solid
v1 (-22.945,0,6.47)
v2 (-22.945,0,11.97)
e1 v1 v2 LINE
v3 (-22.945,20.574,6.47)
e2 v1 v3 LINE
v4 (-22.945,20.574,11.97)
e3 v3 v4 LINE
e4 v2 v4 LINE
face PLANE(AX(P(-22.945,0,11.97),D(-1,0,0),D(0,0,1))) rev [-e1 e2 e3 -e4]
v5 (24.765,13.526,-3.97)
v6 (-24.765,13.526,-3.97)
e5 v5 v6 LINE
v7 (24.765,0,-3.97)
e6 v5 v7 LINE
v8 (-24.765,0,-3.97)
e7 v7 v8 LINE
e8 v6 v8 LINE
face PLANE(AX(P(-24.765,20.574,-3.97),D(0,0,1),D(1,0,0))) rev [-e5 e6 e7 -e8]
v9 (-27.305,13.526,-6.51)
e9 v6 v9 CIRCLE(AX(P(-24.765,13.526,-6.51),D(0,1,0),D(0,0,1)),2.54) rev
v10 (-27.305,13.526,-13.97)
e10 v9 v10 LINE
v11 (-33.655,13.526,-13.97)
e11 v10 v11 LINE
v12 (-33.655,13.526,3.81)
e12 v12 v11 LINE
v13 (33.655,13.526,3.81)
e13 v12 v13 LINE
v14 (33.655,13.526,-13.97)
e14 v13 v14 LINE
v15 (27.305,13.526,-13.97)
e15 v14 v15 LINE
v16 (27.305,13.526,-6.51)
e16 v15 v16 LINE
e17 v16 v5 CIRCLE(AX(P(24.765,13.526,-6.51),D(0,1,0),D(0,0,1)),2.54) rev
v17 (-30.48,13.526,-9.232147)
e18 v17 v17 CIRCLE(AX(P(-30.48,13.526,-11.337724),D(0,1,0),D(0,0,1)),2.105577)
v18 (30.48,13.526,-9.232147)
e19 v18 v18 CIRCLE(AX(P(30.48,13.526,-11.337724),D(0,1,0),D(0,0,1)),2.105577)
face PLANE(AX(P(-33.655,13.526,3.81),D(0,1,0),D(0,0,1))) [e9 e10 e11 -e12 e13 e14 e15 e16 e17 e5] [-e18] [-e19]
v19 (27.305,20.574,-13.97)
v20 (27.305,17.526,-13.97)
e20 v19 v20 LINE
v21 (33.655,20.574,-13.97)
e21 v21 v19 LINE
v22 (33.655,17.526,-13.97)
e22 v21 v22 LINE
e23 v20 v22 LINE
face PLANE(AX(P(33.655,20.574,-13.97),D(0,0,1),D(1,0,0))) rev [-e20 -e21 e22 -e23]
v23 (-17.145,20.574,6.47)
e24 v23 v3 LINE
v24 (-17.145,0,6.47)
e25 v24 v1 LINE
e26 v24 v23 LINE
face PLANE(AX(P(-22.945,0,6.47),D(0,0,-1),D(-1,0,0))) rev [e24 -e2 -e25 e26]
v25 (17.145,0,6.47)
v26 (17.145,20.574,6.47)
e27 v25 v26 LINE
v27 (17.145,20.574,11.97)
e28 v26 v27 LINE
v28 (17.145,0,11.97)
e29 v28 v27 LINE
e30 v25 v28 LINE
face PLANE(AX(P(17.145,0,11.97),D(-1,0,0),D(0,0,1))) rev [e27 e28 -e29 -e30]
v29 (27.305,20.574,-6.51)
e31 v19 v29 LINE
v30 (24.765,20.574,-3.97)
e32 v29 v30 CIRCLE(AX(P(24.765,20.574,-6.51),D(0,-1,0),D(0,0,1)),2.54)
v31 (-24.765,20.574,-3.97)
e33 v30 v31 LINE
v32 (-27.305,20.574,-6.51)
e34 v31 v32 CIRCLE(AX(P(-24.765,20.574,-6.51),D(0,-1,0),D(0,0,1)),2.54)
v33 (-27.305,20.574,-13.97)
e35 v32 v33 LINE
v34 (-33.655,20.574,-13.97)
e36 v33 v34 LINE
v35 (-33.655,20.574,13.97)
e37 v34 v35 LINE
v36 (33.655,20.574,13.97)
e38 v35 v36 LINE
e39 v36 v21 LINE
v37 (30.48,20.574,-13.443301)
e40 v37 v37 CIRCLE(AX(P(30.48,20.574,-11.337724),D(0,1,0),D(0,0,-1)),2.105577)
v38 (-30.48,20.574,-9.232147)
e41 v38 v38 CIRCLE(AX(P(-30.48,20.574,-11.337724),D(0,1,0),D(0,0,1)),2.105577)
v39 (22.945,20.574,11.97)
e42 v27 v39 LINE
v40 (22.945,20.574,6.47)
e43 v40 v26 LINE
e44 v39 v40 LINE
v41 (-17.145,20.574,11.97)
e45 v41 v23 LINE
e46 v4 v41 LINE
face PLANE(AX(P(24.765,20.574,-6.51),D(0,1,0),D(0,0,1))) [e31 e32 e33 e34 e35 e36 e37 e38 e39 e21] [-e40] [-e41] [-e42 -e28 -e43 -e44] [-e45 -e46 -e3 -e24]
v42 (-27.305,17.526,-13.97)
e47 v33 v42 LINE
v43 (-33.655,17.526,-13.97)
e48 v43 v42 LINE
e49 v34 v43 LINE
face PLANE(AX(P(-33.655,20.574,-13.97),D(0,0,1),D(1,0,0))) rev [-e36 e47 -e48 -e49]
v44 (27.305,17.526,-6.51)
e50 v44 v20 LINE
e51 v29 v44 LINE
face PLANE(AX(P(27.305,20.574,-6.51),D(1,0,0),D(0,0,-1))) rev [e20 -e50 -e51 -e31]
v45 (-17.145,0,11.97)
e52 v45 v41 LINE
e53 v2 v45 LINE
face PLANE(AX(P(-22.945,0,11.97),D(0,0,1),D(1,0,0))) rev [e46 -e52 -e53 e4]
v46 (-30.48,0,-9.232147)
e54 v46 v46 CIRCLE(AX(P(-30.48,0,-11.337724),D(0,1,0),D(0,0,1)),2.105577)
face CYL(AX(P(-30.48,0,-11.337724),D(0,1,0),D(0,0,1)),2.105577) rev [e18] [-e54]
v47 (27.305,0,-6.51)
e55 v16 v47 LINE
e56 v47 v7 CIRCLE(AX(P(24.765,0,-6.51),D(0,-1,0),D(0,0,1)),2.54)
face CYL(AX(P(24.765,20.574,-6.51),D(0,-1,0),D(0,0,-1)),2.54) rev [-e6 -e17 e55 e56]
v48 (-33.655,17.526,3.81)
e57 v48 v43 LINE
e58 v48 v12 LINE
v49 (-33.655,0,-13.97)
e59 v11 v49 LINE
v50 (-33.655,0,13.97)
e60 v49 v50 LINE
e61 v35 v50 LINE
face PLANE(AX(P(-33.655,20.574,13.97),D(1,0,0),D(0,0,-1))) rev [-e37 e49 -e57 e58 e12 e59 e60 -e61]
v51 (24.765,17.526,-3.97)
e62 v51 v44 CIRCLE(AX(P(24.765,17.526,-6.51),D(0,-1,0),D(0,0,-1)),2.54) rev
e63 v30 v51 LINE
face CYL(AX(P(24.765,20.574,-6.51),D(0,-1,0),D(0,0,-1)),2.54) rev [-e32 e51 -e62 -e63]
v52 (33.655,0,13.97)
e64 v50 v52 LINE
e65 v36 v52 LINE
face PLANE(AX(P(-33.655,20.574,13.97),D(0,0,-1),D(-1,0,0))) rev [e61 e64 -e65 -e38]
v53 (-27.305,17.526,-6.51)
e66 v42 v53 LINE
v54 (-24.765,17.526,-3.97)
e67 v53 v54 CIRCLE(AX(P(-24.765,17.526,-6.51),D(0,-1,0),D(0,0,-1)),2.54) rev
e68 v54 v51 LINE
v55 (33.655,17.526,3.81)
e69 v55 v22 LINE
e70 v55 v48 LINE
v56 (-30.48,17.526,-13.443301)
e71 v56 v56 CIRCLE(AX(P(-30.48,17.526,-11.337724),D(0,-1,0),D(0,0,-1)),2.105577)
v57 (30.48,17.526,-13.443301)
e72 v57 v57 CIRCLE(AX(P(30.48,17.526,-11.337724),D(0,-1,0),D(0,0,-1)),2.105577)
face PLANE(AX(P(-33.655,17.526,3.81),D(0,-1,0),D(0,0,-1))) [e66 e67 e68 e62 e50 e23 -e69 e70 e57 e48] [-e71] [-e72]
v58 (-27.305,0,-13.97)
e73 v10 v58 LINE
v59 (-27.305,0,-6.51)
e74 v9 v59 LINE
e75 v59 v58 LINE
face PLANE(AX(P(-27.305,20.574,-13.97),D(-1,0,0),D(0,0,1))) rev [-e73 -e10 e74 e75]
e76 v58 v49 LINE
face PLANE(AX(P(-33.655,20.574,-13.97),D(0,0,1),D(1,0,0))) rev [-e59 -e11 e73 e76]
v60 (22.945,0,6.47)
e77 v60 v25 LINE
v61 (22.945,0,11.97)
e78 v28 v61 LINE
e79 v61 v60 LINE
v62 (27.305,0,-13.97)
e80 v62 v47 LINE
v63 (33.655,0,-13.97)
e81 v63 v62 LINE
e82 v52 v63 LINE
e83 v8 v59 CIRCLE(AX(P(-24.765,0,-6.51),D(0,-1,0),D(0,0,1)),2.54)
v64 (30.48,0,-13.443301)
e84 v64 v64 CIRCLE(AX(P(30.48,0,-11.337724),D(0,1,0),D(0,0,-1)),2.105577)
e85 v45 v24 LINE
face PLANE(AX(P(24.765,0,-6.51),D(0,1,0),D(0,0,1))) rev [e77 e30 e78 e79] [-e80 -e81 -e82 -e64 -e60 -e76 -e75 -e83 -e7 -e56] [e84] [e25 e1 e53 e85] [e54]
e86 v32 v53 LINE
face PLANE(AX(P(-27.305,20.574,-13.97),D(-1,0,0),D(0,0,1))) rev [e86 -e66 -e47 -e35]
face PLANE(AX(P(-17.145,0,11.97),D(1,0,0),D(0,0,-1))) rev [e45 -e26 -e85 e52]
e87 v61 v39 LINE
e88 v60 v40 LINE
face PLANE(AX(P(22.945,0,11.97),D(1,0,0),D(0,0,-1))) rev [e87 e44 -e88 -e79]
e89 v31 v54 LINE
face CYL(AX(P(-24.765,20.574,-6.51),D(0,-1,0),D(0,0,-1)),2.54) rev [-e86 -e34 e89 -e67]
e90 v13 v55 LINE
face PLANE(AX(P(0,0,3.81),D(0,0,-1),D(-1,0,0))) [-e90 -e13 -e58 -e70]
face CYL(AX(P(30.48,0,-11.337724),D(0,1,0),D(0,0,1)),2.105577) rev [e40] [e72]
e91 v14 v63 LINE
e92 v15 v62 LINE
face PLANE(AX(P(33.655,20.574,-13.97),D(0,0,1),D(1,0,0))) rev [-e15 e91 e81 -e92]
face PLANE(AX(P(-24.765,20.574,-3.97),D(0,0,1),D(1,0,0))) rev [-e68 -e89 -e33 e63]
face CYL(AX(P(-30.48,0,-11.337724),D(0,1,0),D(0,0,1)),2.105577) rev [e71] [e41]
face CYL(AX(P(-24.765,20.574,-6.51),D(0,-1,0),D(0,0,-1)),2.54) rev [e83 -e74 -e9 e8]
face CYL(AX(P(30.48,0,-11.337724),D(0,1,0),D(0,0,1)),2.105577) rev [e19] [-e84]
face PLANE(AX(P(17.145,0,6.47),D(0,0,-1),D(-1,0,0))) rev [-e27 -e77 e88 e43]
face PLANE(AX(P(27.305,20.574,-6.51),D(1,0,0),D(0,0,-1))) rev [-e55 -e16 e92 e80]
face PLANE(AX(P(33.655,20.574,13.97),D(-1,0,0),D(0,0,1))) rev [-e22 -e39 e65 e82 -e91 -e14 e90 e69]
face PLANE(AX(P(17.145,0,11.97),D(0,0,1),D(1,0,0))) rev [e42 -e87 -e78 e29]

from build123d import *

# Parameters (mm, degrees)
BOSS_EXTRUDE1_DEPTH     = 20.574
CUT_EXTRUDE1_DEPTH      = 3.81
CUT_EXTRUDE1_DEPTH_BACK = 14.224
SKETCH3_W               = 67.31
SKETCH3_H               = 4
SKETCH4_R               = 2.105577283
CUT_EXTRUDE2_DEPTH      = 42.846259104
SKETCH6_W               = 5.8
SKETCH6_H               = 5.5
CUT_EXTRUDE3_DEPTH      = 42.846259104


with BuildPart() as part:
    # Sketch2 → Boss-Extrude1 (new body)
    with BuildSketch(Plane(origin=(0, 0, 0), x_dir=(1, 0, 0), z_dir=(0, 1, 0))):
        with BuildLine():
            Line((-33.655, 13.97), (-27.305, 13.97))
            Line((-27.305, 13.97), (-27.305, 6.51))
            ThreePointArc((-27.305, 6.51), (-26.561051224, 4.713948776), (-24.765, 3.97))
            Line((-24.765, 3.97), (24.765, 3.97))
            ThreePointArc((24.765, 3.97), (26.561051224, 4.713948776), (27.305, 6.51))
            Line((27.305, 6.51), (27.305, 13.97))
            Line((27.305, 13.97), (33.655, 13.97))
            Line((33.655, 13.97), (33.655, -13.97))
            Line((33.655, -13.97), (-33.655, -13.97))
            Line((-33.655, -13.97), (-33.655, 13.97))
        make_face()
    extrude(amount=BOSS_EXTRUDE1_DEPTH)

    # Sketch3 → Cut-Extrude1 (cut, two sides: drawn at the far end of the back side and taken through both)
    with BuildSketch(Plane.XY.offset(-CUT_EXTRUDE1_DEPTH_BACK)):
        with Locations((0, 15.526)):
            Rectangle(SKETCH3_W, SKETCH3_H)
    extrude(amount=CUT_EXTRUDE1_DEPTH + CUT_EXTRUDE1_DEPTH_BACK, mode=Mode.SUBTRACT)

    # Sketch4 → Cut-Extrude2 (cut, through all)
    with BuildSketch(Plane(origin=(0, 20.574, 0), x_dir=(1, 0, 0), z_dir=(0, 1, 0))):
        with Locations(Location((-30.48, 11.337723829, 0), (0, 0, 270))):
            Circle(SKETCH4_R)
        with Locations(Location((30.48, 11.337723829, 0), (0, 0, 90))):
            Circle(SKETCH4_R)
    extrude(amount=-CUT_EXTRUDE2_DEPTH, mode=Mode.SUBTRACT)

    # Sketch6 → Cut-Extrude3 (cut, through all)
    with BuildSketch(Plane(origin=(0, 20.574, 0), x_dir=(1, 0, 0), z_dir=(0, 1, 0))):
        with Locations((20.045, -9.22)):
            Rectangle(SKETCH6_W, SKETCH6_H)
        with Locations((-20.045, -9.22)):
            Rectangle(SKETCH6_W, SKETCH6_H)
    extrude(amount=-CUT_EXTRUDE3_DEPTH, mode=Mode.SUBTRACT)


solid = part.part
